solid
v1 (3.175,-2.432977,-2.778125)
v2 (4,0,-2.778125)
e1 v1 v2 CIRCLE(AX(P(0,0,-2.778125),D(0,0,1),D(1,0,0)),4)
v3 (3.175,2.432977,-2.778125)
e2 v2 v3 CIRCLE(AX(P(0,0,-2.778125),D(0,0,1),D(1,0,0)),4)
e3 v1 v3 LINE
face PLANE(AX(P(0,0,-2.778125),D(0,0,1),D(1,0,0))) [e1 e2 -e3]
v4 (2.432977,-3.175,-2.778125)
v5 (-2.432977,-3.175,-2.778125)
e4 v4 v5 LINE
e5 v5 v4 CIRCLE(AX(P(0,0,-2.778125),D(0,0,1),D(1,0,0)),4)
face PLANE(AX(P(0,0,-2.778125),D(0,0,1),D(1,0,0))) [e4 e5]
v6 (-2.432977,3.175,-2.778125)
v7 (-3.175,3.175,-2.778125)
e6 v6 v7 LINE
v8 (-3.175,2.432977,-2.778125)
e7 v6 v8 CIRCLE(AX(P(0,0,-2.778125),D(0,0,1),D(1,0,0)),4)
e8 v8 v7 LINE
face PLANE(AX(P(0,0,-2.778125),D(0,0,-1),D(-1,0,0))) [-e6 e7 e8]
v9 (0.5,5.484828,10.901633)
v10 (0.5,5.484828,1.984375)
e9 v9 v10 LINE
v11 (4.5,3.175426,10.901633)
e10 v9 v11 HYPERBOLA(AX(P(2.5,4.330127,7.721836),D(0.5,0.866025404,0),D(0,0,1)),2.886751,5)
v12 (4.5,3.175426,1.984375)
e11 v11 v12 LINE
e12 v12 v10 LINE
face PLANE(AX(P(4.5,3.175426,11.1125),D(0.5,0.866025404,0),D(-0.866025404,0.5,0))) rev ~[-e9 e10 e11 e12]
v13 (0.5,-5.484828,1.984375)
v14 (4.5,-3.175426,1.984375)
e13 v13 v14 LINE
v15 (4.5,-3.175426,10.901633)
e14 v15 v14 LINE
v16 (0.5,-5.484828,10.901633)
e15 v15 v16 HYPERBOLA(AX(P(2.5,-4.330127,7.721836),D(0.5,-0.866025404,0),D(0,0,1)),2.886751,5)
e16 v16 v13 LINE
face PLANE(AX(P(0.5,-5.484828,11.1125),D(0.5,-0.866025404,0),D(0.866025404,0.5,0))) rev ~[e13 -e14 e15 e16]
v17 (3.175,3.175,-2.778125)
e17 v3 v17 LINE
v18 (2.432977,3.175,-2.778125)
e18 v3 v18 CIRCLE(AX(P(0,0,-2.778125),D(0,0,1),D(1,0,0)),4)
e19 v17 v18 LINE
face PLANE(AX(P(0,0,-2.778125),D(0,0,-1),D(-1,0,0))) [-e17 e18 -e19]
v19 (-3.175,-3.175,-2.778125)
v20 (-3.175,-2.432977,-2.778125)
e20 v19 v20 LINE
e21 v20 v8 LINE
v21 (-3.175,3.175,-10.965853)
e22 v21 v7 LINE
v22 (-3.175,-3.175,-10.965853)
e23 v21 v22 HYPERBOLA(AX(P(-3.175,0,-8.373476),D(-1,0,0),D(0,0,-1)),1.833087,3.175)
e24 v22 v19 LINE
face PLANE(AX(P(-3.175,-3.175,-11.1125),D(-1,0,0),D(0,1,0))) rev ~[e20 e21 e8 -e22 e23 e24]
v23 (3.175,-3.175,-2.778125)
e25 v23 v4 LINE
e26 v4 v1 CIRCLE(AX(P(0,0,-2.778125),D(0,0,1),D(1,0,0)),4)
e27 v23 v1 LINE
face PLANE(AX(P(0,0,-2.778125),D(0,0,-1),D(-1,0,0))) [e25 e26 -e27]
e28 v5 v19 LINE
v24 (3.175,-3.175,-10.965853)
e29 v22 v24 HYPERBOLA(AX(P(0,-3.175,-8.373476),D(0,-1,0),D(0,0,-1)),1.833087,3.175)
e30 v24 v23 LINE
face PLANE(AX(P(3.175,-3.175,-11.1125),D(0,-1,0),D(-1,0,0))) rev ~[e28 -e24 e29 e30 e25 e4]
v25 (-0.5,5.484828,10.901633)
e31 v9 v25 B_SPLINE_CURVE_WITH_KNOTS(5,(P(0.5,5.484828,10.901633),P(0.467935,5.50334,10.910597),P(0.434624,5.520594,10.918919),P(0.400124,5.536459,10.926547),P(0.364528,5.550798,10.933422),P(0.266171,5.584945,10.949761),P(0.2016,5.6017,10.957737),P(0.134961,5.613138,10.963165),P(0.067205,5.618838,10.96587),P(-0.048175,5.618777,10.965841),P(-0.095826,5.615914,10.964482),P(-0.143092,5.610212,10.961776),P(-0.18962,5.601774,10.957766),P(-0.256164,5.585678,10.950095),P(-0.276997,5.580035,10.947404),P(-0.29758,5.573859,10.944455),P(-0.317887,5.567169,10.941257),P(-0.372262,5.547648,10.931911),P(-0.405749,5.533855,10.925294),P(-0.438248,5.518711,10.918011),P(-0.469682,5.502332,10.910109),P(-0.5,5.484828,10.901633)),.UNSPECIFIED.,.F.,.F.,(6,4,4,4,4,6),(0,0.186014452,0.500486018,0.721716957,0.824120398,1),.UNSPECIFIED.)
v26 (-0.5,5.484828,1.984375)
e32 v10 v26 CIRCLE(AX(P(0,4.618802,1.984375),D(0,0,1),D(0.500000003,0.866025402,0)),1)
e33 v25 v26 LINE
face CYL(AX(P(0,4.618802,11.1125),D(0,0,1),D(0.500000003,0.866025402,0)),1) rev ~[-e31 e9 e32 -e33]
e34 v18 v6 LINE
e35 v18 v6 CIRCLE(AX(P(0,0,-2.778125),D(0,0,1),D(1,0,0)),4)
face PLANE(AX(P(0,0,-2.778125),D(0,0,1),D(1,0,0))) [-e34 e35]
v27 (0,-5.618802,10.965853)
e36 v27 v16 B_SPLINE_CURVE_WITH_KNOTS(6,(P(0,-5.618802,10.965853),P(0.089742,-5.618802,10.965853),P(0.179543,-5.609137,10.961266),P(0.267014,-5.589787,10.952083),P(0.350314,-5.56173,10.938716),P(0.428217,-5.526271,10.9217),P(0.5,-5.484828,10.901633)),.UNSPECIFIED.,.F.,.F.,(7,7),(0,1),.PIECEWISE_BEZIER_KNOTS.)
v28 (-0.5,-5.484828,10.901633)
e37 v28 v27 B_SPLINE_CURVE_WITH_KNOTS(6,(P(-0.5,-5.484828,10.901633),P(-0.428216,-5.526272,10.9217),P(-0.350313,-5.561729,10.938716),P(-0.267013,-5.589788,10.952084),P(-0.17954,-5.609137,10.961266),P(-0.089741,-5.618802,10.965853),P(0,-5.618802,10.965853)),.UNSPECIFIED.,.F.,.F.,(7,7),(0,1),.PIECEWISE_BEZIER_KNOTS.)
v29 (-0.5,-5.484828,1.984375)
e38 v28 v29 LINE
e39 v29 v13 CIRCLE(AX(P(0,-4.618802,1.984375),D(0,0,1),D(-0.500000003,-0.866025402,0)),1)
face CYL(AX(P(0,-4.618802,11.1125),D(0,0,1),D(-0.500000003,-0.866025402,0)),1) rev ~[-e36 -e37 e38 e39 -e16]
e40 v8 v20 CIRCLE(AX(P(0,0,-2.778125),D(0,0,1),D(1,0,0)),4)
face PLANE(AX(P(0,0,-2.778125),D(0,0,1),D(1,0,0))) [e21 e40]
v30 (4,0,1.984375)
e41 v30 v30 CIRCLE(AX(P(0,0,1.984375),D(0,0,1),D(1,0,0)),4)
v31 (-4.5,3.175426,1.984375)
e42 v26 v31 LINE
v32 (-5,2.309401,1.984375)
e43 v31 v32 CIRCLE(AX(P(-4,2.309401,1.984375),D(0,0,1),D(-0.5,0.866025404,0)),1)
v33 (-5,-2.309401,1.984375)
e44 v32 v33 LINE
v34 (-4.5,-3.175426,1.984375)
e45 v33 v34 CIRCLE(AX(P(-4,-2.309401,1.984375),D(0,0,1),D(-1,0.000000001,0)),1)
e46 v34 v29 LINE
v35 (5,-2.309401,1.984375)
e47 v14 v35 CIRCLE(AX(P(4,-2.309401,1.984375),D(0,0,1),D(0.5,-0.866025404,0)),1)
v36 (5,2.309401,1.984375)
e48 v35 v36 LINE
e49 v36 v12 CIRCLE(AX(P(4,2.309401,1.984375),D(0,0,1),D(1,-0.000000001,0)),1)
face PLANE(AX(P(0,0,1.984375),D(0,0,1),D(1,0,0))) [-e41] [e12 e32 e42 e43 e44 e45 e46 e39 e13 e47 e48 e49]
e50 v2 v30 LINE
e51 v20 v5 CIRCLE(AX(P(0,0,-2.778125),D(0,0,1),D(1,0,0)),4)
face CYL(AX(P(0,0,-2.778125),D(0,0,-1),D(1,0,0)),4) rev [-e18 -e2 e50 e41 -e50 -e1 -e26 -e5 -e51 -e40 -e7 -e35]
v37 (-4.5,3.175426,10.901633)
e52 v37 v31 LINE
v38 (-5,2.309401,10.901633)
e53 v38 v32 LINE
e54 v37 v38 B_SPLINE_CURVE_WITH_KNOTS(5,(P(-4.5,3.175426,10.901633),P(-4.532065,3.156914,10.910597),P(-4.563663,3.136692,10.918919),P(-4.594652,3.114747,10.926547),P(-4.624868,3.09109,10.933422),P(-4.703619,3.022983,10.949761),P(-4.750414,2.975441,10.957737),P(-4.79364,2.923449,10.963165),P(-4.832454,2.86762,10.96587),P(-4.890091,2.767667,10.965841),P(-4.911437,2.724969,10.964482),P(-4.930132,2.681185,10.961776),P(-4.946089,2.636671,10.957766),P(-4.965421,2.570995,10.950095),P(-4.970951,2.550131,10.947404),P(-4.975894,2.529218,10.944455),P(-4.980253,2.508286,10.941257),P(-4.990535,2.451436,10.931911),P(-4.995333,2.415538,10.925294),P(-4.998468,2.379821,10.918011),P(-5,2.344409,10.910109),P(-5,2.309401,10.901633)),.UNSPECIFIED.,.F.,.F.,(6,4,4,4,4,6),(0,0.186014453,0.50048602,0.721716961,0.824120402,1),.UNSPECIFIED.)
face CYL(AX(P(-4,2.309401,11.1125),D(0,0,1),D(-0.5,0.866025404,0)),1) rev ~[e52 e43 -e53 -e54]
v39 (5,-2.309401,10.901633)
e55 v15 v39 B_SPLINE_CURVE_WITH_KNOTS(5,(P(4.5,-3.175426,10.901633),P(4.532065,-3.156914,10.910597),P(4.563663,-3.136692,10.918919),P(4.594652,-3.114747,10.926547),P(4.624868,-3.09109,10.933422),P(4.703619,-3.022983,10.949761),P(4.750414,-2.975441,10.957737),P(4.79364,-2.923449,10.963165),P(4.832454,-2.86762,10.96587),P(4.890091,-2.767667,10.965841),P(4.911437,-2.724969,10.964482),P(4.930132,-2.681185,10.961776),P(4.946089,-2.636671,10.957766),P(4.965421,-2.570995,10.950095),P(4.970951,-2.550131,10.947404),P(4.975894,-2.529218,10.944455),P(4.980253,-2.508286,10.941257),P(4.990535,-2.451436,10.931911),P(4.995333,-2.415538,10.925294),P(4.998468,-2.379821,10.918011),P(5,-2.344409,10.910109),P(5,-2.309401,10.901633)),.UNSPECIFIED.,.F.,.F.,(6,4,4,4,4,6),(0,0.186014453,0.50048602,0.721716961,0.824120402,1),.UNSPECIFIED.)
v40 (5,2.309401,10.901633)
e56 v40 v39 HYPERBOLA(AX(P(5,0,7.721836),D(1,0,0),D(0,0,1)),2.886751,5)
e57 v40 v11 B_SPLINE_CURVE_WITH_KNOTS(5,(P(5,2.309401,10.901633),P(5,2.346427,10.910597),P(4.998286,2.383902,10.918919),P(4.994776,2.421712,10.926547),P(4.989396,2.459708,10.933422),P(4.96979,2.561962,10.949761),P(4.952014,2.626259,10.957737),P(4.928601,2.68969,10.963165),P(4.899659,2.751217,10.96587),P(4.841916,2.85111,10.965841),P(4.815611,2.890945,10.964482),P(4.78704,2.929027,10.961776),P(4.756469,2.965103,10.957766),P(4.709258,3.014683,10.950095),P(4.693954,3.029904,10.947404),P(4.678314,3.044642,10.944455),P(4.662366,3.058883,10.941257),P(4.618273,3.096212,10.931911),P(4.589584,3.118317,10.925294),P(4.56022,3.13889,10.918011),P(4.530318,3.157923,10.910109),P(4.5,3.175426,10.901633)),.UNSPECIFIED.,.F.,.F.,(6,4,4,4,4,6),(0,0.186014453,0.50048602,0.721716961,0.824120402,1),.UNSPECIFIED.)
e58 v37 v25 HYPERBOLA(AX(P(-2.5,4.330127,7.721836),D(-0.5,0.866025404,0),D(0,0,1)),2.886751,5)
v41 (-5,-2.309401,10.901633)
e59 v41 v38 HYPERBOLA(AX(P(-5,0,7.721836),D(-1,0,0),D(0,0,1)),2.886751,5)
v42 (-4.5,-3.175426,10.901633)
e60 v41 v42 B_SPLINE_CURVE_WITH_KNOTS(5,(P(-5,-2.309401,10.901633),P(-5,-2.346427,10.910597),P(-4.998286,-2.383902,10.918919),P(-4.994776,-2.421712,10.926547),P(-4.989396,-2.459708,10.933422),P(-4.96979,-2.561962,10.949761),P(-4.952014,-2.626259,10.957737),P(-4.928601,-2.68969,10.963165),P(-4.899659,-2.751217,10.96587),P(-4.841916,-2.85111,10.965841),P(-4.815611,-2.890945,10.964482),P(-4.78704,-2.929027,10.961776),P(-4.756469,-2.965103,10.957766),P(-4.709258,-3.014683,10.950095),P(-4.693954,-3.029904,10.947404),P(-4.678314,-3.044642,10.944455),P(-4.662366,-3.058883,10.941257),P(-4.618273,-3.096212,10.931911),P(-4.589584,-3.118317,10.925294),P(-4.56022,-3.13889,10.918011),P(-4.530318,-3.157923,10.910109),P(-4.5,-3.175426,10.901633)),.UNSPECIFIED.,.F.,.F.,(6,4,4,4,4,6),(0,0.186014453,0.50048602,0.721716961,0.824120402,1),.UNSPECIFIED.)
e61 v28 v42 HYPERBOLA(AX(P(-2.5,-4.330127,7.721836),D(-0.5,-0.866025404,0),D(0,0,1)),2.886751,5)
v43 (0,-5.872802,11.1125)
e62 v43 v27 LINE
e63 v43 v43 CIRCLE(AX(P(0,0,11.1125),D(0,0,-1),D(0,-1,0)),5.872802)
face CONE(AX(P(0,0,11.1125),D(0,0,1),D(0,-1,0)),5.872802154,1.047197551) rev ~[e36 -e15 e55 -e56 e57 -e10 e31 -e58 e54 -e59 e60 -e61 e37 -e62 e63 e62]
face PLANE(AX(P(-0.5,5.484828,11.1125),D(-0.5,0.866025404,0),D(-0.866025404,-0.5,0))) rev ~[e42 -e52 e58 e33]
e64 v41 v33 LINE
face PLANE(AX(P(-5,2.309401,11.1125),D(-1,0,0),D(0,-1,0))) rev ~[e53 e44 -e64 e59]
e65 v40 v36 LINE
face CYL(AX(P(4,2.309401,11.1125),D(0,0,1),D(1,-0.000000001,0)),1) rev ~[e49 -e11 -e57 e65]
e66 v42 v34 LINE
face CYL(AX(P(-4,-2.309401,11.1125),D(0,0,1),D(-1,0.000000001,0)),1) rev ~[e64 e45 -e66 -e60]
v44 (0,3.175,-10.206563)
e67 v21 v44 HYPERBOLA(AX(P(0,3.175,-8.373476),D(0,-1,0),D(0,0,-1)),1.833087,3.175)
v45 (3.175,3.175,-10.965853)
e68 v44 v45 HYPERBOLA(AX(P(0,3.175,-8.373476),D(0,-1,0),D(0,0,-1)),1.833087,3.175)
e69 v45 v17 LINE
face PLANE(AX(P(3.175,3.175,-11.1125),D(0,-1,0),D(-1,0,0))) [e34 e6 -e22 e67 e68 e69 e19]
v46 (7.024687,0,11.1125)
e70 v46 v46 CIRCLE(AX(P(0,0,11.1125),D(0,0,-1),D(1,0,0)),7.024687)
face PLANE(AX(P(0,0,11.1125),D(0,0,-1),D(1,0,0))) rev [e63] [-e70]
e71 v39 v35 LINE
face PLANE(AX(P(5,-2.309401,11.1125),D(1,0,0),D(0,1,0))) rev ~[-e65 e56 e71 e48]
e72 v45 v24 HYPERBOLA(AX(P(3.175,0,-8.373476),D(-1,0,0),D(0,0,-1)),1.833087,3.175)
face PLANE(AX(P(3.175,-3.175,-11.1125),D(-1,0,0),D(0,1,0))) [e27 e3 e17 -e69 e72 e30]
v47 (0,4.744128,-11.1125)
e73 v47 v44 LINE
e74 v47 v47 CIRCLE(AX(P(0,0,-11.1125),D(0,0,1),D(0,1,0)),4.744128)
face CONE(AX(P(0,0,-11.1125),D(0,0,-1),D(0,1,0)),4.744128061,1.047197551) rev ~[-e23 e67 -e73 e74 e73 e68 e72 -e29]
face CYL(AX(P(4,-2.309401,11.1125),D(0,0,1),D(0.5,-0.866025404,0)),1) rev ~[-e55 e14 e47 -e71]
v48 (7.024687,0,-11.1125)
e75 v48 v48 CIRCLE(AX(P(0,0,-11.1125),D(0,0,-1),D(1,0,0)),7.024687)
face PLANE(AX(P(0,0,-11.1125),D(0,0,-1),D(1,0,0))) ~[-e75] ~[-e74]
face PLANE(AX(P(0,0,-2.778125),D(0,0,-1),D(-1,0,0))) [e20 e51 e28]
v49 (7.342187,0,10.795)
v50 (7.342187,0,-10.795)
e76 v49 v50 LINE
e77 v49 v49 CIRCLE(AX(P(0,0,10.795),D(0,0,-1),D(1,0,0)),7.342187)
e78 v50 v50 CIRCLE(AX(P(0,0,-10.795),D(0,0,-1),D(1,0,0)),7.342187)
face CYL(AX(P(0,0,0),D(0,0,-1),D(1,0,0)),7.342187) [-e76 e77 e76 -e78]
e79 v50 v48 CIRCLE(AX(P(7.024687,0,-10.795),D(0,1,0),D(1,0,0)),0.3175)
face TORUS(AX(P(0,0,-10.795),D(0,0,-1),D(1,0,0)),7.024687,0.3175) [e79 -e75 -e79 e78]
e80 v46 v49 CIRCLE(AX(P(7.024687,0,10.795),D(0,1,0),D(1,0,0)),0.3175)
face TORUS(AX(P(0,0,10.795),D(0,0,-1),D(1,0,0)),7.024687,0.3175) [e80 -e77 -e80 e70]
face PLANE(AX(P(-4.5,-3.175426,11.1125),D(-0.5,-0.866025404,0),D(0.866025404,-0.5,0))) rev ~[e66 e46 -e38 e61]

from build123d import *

# Parameters (mm, degrees)
SKETCH4_W          = 22.225
SKETCH4_H          = 7.3421875
CUT_EXTRUDE1_DEPTH = 9.128125
CUT_EXTRUDE3_START = -4.7625
SKETCH7_R          = 4
CUT_EXTRUDE3_DEPTH = 4.7625
SKETCH9_W          = 6.35
SKETCH9_H          = 6.35
CUT_EXTRUDE5_DEPTH = 8.334375
FILLET1_R          = 0.3175


with BuildPart() as part:
    # Sketch4 → Revolve1 (revolve)
    with BuildSketch(Plane(origin=(0, 0, 0), x_dir=(0, 0, -1), z_dir=(1, 0, 0)), mode=Mode.PRIVATE) as revolve1_sk:
        with Locations((0, 3.67109375)):
            Rectangle(SKETCH4_W, SKETCH4_H)
    revolve(revolve1_sk.sketch.rotate(Axis((0, 0, 11.1125), (0, 0, -1)), 90), axis=Axis((0, 0, 11.1125), (0, 0, -1)))

    # Sketch5 → Cut-Extrude1 (cut)
    with BuildSketch(Plane.XY.offset(11.1125)):
        with BuildLine():
            Line((-5, 2.309401077), (-5, -2.309401077))
            ThreePointArc((-5, -2.309401077), (-4.866025404, -2.809401077), (-4.5, -3.175426481))
            Line((-4.5, -3.175426481), (-0.5, -5.484827557))
            ThreePointArc((-0.5, -5.484827557), (0, -5.618802154), (0.5, -5.484827557))
            Line((0.5, -5.484827557), (4.5, -3.175426481))
            ThreePointArc((4.5, -3.175426481), (4.866025404, -2.809401077), (5, -2.309401077))
            Line((5, -2.309401077), (5, 2.309401077))
            ThreePointArc((5, 2.309401077), (4.866025404, 2.809401077), (4.5, 3.175426481))
            Line((4.5, 3.175426481), (0.5, 5.484827557))
            ThreePointArc((0.5, 5.484827557), (0, 5.618802154), (-0.5, 5.484827557))
            Line((-0.5, 5.484827557), (-4.5, 3.175426481))
            ThreePointArc((-4.5, 3.175426481), (-4.866025404, 2.809401077), (-5, 2.309401077))
        make_face()
    extrude(amount=-CUT_EXTRUDE1_DEPTH, mode=Mode.SUBTRACT)

    # Sketch7 → Cut-Extrude3 (cut)
    with BuildSketch(Plane.XY.offset(1.984375).offset(CUT_EXTRUDE3_START)):
        Circle(SKETCH7_R)
    extrude(amount=CUT_EXTRUDE3_DEPTH, mode=Mode.SUBTRACT)

    # Sketch9 → Cut-Extrude5 (cut)
    with BuildSketch(Plane(origin=(0, 0, -11.1125), x_dir=(-1, 0, 0), z_dir=(0, 0, -1))):
        Rectangle(SKETCH9_W, SKETCH9_H)
    extrude(amount=-CUT_EXTRUDE5_DEPTH, mode=Mode.SUBTRACT)

    # Cut-Extrude6 cone 1 section (through the dimple's axis) → Cut-Extrude6 (revolve, cut)
    with BuildSketch(Plane(origin=(0, 0, -11.1125), x_dir=(0, 1, 0), z_dir=(1, 0, 0))):
        Polygon((0, 0), (4.744128061, 0), (0, 2.739023613), align=None)
    revolve(axis=Axis((0, 0, -11.1125), (0, 0, 1)), mode=Mode.SUBTRACT)

    # Fillet1
    fillet1_edges = [part.edges().sort_by_distance(p)[0] for p in [
        (-7.3421875, 0, -11.1125),
        (-7.3421875, 0, 11.1125),
    ]]
    fillet(fillet1_edges, radius=FILLET1_R)

    # Cut-Extrude9 cone 1 section (through the dimple's axis) → Cut-Extrude9 (revolve, cut)
    with BuildSketch(Plane(origin=(0, 0, 11.1125), x_dir=(0, -1, 0), z_dir=(1, 0, 0))):
        Polygon((0, 0), (5.872802154, 0), (0, 3.390663904), align=None)
    revolve(axis=Axis((0, 0, 11.1125), (0, 0, -1)), mode=Mode.SUBTRACT)


solid = part.part
